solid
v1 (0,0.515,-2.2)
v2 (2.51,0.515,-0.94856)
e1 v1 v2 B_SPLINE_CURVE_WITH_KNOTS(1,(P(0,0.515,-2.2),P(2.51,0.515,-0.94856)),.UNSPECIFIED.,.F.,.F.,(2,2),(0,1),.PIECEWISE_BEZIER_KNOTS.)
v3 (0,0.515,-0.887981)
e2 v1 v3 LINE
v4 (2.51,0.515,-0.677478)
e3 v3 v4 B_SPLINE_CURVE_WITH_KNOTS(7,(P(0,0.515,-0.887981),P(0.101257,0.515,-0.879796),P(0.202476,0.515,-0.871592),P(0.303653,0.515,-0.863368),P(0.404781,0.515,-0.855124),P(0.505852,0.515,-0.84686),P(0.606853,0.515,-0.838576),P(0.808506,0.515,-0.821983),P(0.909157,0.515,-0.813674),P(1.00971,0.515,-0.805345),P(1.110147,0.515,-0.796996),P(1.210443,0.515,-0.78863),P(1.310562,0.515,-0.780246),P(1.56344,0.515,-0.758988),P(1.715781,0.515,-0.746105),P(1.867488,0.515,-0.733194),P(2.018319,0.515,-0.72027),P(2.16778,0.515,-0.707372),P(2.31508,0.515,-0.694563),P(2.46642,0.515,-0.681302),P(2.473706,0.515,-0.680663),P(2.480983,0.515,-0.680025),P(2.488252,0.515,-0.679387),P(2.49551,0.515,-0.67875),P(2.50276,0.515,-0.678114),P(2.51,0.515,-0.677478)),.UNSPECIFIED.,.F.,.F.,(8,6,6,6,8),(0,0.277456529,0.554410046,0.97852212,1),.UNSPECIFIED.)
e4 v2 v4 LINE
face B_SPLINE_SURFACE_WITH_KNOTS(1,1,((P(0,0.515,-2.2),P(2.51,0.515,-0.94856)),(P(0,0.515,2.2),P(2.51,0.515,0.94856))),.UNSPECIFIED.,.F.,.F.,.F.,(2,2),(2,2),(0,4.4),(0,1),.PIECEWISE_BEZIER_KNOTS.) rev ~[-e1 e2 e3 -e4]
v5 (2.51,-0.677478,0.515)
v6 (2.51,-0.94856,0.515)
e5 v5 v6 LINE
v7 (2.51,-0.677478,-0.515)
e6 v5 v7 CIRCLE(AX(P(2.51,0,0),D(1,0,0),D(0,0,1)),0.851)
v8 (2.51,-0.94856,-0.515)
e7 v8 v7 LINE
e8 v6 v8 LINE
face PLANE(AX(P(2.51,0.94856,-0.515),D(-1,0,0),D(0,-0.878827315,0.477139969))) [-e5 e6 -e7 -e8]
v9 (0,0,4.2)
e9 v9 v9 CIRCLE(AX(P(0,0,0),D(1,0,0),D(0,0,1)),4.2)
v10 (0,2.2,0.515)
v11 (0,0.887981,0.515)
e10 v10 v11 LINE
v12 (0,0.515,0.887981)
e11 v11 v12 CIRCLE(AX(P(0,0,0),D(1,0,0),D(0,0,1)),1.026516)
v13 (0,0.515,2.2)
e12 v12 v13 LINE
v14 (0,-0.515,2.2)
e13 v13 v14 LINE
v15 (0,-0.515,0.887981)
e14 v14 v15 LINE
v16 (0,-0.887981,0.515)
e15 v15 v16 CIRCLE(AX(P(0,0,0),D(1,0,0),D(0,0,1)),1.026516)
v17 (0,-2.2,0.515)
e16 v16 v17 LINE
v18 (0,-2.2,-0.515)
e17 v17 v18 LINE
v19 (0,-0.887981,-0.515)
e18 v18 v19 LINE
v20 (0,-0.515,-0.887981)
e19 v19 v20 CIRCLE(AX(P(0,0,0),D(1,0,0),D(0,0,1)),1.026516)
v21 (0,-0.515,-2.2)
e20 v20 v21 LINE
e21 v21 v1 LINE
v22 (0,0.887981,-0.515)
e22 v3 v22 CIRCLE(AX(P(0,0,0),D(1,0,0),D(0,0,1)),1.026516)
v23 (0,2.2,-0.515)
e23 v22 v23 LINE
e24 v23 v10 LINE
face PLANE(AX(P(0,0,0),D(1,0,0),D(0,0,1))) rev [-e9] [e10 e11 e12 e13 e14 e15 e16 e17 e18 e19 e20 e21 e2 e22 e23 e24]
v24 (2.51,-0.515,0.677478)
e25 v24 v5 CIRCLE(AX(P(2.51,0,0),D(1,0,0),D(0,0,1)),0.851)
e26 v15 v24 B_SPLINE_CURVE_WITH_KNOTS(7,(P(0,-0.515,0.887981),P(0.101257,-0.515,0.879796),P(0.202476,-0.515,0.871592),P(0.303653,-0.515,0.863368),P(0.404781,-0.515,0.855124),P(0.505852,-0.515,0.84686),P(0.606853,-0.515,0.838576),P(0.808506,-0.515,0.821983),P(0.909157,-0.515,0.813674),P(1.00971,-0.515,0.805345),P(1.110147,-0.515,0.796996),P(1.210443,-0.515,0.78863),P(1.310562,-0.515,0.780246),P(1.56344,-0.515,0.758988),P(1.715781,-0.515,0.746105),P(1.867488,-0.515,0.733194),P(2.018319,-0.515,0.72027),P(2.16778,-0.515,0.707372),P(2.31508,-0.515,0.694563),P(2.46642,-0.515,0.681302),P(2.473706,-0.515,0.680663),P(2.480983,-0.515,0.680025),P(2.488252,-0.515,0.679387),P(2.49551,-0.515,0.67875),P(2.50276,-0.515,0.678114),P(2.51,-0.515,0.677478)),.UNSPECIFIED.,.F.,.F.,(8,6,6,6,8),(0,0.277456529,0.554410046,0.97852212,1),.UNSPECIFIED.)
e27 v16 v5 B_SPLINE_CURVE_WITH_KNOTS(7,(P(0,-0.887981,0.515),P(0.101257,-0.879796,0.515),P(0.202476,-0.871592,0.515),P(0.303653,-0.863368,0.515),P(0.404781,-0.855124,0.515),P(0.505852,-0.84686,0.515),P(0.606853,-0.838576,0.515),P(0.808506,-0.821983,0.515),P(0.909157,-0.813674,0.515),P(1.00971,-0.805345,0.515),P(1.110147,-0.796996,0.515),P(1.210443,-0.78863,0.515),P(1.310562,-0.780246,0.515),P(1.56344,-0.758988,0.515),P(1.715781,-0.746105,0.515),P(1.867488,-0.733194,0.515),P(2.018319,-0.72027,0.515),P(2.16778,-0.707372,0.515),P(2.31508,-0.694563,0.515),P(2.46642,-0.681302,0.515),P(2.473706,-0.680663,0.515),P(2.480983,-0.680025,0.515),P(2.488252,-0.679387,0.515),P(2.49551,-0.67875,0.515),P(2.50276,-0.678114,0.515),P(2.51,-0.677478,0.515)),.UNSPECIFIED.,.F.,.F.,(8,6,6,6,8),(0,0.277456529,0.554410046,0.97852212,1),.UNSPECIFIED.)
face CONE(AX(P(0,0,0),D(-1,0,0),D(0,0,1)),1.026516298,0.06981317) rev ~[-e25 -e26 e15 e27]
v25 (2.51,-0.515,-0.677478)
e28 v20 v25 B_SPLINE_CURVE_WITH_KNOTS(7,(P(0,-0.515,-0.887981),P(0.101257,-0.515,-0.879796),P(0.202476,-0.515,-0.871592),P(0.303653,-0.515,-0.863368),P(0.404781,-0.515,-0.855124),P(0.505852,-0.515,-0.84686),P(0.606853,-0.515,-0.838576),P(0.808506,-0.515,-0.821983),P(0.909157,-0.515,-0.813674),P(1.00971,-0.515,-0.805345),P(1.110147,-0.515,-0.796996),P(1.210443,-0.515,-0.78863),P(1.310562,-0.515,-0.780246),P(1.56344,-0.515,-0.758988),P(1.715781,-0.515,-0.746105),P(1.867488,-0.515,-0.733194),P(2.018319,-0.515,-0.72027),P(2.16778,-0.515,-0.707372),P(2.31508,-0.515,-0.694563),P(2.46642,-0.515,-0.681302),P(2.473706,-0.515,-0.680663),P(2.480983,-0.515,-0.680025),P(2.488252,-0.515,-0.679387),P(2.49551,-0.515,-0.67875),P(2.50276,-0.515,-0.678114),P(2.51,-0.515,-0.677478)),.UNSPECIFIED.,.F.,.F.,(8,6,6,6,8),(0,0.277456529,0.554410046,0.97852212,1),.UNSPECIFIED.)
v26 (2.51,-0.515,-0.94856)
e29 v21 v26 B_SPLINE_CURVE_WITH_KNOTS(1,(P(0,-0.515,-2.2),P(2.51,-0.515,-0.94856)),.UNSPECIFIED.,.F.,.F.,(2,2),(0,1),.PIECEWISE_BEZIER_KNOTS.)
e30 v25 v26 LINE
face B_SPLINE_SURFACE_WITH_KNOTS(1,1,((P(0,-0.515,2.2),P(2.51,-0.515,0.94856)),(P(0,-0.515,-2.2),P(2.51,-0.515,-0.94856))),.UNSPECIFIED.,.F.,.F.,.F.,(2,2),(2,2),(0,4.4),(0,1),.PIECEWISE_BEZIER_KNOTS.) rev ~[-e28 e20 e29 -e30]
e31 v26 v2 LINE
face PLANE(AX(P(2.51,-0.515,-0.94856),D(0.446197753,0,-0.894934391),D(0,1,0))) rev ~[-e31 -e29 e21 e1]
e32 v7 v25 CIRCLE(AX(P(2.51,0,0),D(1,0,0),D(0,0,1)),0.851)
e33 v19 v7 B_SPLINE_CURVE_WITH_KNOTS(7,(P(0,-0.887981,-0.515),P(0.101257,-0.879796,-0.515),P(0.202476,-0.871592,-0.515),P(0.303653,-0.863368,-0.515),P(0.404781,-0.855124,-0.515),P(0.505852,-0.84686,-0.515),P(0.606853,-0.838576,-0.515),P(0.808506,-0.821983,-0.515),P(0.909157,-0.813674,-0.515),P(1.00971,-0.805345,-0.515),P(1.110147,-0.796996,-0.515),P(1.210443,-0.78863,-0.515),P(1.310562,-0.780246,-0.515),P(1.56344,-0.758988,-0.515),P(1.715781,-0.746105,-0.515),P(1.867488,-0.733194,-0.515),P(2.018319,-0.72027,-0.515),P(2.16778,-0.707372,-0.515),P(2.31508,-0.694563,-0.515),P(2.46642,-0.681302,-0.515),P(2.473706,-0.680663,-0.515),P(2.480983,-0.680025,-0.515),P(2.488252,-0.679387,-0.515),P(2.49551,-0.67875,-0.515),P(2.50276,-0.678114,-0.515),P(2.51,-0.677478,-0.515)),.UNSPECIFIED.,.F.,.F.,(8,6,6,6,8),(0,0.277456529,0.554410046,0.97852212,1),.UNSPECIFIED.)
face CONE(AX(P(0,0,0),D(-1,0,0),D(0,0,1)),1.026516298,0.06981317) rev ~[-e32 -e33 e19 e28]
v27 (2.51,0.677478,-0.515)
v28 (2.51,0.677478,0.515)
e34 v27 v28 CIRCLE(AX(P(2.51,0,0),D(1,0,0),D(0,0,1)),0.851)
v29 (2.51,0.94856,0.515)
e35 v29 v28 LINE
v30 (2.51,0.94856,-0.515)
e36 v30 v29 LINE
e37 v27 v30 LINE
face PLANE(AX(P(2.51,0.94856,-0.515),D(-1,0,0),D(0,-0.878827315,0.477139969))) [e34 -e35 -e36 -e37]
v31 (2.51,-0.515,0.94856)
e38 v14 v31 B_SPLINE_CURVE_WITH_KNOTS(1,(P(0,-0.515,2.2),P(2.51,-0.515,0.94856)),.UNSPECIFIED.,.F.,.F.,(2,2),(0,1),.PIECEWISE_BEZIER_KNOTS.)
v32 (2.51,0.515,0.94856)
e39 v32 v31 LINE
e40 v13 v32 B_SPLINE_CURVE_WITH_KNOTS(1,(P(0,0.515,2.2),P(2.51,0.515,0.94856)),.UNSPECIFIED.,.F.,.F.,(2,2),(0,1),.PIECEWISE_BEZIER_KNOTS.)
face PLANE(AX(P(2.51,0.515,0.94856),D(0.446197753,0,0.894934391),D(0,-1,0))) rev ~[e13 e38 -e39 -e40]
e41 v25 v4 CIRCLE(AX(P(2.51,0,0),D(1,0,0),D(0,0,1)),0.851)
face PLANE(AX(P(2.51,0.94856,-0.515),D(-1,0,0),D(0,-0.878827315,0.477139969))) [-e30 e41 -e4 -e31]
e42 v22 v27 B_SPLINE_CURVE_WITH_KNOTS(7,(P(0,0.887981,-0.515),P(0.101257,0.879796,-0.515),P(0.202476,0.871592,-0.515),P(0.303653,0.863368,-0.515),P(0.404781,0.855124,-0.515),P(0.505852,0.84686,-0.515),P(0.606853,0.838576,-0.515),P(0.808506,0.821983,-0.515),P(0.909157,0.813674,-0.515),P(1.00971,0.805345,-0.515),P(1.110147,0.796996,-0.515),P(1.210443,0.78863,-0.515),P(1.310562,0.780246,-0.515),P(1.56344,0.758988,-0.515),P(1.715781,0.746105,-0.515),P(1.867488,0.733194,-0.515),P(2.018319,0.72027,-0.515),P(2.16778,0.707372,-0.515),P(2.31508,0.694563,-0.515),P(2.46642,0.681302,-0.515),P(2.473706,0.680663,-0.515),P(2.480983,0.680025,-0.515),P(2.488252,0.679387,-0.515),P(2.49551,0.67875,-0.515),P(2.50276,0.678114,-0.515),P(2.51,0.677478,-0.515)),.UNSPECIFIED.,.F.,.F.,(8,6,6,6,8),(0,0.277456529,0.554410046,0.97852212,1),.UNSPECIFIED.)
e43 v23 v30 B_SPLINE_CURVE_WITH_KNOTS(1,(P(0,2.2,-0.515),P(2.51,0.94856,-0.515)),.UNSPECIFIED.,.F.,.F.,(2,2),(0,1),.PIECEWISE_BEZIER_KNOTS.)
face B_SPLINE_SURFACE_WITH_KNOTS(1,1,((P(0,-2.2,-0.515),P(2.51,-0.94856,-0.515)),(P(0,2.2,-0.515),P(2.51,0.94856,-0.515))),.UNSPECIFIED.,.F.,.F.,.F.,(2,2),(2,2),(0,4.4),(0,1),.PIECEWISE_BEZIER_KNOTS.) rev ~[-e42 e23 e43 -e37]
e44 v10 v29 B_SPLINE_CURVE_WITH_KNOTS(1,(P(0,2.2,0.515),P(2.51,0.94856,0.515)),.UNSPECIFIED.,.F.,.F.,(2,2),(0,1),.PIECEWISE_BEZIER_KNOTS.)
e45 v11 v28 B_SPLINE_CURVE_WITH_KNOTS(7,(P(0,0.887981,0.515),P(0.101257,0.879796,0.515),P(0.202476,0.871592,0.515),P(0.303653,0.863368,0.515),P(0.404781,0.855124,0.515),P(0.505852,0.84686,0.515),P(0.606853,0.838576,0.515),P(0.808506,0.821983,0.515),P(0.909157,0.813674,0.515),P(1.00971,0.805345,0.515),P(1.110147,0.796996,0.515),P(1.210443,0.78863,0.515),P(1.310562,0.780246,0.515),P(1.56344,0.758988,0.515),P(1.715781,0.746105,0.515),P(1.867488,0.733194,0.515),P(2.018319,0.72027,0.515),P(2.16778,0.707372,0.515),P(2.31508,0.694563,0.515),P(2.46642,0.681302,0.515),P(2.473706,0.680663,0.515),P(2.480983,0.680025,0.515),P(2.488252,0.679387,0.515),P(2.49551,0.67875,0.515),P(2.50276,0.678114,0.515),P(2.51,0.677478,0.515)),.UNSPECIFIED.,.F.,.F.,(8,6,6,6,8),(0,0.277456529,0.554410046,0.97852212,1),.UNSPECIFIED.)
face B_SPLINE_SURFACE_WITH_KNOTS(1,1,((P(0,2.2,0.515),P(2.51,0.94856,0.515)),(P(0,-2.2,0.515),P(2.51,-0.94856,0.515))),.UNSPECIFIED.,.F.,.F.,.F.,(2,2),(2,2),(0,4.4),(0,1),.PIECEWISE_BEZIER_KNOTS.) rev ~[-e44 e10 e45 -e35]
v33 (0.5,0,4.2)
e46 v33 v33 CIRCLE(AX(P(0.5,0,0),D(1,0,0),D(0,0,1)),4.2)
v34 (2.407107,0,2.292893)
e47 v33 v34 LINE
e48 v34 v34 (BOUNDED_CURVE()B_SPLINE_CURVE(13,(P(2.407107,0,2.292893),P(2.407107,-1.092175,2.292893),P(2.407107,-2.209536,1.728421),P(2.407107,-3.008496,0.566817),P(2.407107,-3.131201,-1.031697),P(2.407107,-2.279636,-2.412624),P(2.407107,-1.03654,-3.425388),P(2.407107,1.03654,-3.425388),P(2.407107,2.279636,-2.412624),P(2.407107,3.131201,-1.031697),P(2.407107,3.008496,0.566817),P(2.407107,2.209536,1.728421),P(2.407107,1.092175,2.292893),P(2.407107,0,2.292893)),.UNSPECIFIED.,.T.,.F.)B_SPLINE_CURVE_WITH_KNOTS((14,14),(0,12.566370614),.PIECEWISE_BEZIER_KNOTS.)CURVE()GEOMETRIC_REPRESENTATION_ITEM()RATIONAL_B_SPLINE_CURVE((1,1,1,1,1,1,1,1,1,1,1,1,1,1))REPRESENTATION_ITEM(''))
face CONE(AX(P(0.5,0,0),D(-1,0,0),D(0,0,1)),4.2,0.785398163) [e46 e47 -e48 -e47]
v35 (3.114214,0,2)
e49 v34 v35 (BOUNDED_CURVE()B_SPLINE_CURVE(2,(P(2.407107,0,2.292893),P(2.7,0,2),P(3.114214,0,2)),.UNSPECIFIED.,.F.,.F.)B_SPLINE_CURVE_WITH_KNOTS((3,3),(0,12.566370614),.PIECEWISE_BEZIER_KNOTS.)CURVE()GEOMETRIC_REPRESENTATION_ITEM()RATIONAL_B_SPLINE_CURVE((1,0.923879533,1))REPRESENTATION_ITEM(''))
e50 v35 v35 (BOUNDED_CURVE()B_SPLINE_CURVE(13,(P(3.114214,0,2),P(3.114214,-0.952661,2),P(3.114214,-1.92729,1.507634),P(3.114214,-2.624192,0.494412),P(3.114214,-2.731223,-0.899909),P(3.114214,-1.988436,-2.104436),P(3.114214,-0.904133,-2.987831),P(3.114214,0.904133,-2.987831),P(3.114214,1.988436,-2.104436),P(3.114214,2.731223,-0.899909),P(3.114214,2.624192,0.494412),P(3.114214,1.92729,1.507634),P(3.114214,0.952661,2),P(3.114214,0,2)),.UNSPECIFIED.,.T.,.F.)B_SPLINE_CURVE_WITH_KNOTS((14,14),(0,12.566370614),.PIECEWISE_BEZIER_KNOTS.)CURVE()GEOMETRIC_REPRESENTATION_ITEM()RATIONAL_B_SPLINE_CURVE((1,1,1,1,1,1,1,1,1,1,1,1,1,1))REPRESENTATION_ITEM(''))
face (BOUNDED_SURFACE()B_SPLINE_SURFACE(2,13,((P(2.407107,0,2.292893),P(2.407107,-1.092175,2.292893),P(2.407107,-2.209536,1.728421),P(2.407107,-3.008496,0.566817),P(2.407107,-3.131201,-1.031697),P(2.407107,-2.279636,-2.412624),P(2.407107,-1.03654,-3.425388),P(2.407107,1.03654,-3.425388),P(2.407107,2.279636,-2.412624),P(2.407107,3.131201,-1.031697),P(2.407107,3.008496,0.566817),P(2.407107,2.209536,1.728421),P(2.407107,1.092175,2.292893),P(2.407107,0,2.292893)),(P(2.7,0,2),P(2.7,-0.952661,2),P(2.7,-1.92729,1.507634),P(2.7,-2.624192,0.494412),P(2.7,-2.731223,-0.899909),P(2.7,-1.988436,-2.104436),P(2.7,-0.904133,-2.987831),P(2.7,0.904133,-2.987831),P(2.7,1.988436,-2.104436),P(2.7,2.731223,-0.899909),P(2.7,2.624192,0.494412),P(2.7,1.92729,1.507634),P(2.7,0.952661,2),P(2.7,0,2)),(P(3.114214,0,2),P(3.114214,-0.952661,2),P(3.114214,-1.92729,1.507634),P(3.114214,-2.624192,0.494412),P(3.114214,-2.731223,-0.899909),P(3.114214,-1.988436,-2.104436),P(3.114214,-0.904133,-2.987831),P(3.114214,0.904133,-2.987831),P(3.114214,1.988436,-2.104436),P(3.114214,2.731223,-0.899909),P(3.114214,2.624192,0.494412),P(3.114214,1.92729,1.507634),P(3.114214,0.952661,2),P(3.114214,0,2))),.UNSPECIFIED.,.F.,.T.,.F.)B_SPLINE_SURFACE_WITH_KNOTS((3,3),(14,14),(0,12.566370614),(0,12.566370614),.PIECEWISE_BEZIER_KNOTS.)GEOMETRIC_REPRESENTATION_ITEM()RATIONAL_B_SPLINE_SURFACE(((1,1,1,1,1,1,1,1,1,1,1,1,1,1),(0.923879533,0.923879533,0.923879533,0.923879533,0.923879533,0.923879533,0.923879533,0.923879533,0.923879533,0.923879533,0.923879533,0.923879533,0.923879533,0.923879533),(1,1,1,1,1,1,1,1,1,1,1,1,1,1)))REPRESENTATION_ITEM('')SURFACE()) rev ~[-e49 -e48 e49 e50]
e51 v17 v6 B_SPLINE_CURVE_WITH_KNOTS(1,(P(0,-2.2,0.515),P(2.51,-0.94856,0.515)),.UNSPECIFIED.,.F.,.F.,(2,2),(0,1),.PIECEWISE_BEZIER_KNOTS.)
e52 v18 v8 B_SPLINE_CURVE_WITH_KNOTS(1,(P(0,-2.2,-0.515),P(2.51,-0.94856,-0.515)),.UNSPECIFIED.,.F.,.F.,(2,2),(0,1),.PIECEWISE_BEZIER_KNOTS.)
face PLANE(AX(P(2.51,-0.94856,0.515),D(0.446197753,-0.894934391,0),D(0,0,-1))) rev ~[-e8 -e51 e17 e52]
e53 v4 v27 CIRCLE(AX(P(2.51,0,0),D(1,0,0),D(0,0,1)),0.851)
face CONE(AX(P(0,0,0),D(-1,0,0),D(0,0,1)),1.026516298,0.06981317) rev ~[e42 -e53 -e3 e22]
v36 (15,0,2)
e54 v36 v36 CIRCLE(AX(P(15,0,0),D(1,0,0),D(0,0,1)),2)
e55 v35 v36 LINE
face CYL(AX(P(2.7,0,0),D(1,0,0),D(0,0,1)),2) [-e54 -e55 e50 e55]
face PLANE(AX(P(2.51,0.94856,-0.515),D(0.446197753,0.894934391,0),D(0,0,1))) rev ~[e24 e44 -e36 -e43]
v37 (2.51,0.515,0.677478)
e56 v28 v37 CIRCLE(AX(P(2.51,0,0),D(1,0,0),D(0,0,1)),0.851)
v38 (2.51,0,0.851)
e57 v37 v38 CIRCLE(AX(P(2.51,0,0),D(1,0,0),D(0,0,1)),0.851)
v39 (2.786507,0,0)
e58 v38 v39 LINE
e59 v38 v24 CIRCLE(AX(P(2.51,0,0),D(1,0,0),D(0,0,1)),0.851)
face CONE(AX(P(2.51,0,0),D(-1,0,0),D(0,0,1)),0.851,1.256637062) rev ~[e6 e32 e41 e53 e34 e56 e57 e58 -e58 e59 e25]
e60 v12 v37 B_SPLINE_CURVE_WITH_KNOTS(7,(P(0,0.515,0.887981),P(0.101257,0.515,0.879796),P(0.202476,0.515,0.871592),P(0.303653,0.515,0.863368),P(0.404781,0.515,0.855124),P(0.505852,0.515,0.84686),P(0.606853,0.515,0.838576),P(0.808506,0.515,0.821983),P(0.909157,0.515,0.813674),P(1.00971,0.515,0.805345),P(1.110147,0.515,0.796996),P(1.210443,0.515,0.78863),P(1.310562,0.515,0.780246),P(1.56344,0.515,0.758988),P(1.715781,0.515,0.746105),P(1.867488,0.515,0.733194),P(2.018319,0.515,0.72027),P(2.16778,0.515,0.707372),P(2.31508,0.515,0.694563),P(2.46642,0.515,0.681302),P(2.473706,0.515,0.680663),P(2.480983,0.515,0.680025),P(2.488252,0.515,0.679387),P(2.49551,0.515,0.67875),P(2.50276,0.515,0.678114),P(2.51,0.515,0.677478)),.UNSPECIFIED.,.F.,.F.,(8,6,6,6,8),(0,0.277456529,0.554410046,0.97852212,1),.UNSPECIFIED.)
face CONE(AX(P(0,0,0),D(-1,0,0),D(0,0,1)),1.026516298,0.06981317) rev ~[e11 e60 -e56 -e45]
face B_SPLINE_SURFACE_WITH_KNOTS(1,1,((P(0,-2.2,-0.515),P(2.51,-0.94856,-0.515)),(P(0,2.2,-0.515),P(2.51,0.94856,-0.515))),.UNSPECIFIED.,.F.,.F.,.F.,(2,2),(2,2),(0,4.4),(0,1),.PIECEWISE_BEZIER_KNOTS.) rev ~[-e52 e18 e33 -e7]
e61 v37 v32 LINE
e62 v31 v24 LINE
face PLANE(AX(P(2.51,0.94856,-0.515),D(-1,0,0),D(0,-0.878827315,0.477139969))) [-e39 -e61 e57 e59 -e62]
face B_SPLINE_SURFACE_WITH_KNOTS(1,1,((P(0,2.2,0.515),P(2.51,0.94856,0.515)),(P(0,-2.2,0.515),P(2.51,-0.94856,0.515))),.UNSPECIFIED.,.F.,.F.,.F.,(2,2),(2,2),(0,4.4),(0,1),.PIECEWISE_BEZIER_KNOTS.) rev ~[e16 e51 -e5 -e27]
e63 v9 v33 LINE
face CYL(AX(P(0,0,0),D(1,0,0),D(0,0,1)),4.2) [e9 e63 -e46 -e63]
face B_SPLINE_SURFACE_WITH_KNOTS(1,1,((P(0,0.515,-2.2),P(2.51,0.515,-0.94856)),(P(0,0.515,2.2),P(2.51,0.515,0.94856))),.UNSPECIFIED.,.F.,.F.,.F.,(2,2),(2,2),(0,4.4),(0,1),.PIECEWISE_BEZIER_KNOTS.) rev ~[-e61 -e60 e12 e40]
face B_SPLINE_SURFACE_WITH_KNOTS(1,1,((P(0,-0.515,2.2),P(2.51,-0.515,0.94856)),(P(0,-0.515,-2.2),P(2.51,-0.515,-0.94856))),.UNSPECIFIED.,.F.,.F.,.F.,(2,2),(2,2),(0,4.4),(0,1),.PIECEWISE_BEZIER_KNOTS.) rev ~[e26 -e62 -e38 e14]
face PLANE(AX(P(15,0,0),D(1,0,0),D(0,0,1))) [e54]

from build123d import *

# Parameters (mm, degrees)
FILLET1_R    = 1
RECPAT_COUNT = 2
RECPAT_ANGLE = 90


with BuildPart() as part:
    # BodySke → Base-Revolve (revolve)
    with BuildSketch(Plane.XY, mode=Mode.PRIVATE) as base_revolve_sk:
        Polygon((0, 0), (0, 4.2), (0.5, 4.2), (2.7, 2), (15, 2), (15, 0), align=None)
    revolve(base_revolve_sk.sketch.rotate(Axis((-6.35, 0, 0), (1, 0, 0)), 90), axis=Axis((-6.35, 0, 0), (1, 0, 0)))

    # Fillet1
    fillet1_edges = [part.edges().sort_by_distance(p)[0] for p in [
        (2.7, 0, -2),
    ]]
    fillet(fillet1_edges, radius=FILLET1_R)

    # Sketch3 → Recess section 0
    with BuildSketch(Plane.ZY):
        with BuildLine():
            Line((-0.515, 2.2), (0.515, 2.2))
            Line((0.515, 2.2), (0.515, -2.2))
            Line((0.515, -2.2), (-0.515, -2.2))
            Line((-0.515, -2.2), (-0.515, 2.2))
        make_face()
    # Sketch4 → Recess section 1
    with BuildSketch(Plane.ZY.offset(-2.51)):
        with BuildLine():
            Line((-0.515, 0.948560373), (0.515, 0.948560373))
            Line((0.515, 0.948560373), (0.515, -0.948560373))
            Line((0.515, -0.948560373), (-0.515, -0.948560373))
            Line((-0.515, -0.948560373), (-0.515, 0.948560373))
        make_face()
    recess = loft(mode=Mode.SUBTRACT)

    # RecPat: Recess ×2 about axis
    recpat_axis = Axis((0, 0, 0), (1, 0, 0))
    for i in range(1, RECPAT_COUNT):
        add(recess.rotate(recpat_axis, i * RECPAT_ANGLE / (RECPAT_COUNT - 1)), mode=Mode.SUBTRACT)

    # RecCorSke → RecessCore (revolve, cut)
    with BuildSketch(Plane.XY, mode=Mode.PRIVATE) as recesscore_sk:
        Polygon((0, 0), (0, 1.026516298), (2.51, 0.851), (2.786506661, 0), align=None)
    revolve(recesscore_sk.sketch.rotate(Axis((-3.175, 0, 0), (1, 0, 0)), 90), axis=Axis((-3.175, 0, 0), (1, 0, 0)), mode=Mode.SUBTRACT)


solid = part.part
